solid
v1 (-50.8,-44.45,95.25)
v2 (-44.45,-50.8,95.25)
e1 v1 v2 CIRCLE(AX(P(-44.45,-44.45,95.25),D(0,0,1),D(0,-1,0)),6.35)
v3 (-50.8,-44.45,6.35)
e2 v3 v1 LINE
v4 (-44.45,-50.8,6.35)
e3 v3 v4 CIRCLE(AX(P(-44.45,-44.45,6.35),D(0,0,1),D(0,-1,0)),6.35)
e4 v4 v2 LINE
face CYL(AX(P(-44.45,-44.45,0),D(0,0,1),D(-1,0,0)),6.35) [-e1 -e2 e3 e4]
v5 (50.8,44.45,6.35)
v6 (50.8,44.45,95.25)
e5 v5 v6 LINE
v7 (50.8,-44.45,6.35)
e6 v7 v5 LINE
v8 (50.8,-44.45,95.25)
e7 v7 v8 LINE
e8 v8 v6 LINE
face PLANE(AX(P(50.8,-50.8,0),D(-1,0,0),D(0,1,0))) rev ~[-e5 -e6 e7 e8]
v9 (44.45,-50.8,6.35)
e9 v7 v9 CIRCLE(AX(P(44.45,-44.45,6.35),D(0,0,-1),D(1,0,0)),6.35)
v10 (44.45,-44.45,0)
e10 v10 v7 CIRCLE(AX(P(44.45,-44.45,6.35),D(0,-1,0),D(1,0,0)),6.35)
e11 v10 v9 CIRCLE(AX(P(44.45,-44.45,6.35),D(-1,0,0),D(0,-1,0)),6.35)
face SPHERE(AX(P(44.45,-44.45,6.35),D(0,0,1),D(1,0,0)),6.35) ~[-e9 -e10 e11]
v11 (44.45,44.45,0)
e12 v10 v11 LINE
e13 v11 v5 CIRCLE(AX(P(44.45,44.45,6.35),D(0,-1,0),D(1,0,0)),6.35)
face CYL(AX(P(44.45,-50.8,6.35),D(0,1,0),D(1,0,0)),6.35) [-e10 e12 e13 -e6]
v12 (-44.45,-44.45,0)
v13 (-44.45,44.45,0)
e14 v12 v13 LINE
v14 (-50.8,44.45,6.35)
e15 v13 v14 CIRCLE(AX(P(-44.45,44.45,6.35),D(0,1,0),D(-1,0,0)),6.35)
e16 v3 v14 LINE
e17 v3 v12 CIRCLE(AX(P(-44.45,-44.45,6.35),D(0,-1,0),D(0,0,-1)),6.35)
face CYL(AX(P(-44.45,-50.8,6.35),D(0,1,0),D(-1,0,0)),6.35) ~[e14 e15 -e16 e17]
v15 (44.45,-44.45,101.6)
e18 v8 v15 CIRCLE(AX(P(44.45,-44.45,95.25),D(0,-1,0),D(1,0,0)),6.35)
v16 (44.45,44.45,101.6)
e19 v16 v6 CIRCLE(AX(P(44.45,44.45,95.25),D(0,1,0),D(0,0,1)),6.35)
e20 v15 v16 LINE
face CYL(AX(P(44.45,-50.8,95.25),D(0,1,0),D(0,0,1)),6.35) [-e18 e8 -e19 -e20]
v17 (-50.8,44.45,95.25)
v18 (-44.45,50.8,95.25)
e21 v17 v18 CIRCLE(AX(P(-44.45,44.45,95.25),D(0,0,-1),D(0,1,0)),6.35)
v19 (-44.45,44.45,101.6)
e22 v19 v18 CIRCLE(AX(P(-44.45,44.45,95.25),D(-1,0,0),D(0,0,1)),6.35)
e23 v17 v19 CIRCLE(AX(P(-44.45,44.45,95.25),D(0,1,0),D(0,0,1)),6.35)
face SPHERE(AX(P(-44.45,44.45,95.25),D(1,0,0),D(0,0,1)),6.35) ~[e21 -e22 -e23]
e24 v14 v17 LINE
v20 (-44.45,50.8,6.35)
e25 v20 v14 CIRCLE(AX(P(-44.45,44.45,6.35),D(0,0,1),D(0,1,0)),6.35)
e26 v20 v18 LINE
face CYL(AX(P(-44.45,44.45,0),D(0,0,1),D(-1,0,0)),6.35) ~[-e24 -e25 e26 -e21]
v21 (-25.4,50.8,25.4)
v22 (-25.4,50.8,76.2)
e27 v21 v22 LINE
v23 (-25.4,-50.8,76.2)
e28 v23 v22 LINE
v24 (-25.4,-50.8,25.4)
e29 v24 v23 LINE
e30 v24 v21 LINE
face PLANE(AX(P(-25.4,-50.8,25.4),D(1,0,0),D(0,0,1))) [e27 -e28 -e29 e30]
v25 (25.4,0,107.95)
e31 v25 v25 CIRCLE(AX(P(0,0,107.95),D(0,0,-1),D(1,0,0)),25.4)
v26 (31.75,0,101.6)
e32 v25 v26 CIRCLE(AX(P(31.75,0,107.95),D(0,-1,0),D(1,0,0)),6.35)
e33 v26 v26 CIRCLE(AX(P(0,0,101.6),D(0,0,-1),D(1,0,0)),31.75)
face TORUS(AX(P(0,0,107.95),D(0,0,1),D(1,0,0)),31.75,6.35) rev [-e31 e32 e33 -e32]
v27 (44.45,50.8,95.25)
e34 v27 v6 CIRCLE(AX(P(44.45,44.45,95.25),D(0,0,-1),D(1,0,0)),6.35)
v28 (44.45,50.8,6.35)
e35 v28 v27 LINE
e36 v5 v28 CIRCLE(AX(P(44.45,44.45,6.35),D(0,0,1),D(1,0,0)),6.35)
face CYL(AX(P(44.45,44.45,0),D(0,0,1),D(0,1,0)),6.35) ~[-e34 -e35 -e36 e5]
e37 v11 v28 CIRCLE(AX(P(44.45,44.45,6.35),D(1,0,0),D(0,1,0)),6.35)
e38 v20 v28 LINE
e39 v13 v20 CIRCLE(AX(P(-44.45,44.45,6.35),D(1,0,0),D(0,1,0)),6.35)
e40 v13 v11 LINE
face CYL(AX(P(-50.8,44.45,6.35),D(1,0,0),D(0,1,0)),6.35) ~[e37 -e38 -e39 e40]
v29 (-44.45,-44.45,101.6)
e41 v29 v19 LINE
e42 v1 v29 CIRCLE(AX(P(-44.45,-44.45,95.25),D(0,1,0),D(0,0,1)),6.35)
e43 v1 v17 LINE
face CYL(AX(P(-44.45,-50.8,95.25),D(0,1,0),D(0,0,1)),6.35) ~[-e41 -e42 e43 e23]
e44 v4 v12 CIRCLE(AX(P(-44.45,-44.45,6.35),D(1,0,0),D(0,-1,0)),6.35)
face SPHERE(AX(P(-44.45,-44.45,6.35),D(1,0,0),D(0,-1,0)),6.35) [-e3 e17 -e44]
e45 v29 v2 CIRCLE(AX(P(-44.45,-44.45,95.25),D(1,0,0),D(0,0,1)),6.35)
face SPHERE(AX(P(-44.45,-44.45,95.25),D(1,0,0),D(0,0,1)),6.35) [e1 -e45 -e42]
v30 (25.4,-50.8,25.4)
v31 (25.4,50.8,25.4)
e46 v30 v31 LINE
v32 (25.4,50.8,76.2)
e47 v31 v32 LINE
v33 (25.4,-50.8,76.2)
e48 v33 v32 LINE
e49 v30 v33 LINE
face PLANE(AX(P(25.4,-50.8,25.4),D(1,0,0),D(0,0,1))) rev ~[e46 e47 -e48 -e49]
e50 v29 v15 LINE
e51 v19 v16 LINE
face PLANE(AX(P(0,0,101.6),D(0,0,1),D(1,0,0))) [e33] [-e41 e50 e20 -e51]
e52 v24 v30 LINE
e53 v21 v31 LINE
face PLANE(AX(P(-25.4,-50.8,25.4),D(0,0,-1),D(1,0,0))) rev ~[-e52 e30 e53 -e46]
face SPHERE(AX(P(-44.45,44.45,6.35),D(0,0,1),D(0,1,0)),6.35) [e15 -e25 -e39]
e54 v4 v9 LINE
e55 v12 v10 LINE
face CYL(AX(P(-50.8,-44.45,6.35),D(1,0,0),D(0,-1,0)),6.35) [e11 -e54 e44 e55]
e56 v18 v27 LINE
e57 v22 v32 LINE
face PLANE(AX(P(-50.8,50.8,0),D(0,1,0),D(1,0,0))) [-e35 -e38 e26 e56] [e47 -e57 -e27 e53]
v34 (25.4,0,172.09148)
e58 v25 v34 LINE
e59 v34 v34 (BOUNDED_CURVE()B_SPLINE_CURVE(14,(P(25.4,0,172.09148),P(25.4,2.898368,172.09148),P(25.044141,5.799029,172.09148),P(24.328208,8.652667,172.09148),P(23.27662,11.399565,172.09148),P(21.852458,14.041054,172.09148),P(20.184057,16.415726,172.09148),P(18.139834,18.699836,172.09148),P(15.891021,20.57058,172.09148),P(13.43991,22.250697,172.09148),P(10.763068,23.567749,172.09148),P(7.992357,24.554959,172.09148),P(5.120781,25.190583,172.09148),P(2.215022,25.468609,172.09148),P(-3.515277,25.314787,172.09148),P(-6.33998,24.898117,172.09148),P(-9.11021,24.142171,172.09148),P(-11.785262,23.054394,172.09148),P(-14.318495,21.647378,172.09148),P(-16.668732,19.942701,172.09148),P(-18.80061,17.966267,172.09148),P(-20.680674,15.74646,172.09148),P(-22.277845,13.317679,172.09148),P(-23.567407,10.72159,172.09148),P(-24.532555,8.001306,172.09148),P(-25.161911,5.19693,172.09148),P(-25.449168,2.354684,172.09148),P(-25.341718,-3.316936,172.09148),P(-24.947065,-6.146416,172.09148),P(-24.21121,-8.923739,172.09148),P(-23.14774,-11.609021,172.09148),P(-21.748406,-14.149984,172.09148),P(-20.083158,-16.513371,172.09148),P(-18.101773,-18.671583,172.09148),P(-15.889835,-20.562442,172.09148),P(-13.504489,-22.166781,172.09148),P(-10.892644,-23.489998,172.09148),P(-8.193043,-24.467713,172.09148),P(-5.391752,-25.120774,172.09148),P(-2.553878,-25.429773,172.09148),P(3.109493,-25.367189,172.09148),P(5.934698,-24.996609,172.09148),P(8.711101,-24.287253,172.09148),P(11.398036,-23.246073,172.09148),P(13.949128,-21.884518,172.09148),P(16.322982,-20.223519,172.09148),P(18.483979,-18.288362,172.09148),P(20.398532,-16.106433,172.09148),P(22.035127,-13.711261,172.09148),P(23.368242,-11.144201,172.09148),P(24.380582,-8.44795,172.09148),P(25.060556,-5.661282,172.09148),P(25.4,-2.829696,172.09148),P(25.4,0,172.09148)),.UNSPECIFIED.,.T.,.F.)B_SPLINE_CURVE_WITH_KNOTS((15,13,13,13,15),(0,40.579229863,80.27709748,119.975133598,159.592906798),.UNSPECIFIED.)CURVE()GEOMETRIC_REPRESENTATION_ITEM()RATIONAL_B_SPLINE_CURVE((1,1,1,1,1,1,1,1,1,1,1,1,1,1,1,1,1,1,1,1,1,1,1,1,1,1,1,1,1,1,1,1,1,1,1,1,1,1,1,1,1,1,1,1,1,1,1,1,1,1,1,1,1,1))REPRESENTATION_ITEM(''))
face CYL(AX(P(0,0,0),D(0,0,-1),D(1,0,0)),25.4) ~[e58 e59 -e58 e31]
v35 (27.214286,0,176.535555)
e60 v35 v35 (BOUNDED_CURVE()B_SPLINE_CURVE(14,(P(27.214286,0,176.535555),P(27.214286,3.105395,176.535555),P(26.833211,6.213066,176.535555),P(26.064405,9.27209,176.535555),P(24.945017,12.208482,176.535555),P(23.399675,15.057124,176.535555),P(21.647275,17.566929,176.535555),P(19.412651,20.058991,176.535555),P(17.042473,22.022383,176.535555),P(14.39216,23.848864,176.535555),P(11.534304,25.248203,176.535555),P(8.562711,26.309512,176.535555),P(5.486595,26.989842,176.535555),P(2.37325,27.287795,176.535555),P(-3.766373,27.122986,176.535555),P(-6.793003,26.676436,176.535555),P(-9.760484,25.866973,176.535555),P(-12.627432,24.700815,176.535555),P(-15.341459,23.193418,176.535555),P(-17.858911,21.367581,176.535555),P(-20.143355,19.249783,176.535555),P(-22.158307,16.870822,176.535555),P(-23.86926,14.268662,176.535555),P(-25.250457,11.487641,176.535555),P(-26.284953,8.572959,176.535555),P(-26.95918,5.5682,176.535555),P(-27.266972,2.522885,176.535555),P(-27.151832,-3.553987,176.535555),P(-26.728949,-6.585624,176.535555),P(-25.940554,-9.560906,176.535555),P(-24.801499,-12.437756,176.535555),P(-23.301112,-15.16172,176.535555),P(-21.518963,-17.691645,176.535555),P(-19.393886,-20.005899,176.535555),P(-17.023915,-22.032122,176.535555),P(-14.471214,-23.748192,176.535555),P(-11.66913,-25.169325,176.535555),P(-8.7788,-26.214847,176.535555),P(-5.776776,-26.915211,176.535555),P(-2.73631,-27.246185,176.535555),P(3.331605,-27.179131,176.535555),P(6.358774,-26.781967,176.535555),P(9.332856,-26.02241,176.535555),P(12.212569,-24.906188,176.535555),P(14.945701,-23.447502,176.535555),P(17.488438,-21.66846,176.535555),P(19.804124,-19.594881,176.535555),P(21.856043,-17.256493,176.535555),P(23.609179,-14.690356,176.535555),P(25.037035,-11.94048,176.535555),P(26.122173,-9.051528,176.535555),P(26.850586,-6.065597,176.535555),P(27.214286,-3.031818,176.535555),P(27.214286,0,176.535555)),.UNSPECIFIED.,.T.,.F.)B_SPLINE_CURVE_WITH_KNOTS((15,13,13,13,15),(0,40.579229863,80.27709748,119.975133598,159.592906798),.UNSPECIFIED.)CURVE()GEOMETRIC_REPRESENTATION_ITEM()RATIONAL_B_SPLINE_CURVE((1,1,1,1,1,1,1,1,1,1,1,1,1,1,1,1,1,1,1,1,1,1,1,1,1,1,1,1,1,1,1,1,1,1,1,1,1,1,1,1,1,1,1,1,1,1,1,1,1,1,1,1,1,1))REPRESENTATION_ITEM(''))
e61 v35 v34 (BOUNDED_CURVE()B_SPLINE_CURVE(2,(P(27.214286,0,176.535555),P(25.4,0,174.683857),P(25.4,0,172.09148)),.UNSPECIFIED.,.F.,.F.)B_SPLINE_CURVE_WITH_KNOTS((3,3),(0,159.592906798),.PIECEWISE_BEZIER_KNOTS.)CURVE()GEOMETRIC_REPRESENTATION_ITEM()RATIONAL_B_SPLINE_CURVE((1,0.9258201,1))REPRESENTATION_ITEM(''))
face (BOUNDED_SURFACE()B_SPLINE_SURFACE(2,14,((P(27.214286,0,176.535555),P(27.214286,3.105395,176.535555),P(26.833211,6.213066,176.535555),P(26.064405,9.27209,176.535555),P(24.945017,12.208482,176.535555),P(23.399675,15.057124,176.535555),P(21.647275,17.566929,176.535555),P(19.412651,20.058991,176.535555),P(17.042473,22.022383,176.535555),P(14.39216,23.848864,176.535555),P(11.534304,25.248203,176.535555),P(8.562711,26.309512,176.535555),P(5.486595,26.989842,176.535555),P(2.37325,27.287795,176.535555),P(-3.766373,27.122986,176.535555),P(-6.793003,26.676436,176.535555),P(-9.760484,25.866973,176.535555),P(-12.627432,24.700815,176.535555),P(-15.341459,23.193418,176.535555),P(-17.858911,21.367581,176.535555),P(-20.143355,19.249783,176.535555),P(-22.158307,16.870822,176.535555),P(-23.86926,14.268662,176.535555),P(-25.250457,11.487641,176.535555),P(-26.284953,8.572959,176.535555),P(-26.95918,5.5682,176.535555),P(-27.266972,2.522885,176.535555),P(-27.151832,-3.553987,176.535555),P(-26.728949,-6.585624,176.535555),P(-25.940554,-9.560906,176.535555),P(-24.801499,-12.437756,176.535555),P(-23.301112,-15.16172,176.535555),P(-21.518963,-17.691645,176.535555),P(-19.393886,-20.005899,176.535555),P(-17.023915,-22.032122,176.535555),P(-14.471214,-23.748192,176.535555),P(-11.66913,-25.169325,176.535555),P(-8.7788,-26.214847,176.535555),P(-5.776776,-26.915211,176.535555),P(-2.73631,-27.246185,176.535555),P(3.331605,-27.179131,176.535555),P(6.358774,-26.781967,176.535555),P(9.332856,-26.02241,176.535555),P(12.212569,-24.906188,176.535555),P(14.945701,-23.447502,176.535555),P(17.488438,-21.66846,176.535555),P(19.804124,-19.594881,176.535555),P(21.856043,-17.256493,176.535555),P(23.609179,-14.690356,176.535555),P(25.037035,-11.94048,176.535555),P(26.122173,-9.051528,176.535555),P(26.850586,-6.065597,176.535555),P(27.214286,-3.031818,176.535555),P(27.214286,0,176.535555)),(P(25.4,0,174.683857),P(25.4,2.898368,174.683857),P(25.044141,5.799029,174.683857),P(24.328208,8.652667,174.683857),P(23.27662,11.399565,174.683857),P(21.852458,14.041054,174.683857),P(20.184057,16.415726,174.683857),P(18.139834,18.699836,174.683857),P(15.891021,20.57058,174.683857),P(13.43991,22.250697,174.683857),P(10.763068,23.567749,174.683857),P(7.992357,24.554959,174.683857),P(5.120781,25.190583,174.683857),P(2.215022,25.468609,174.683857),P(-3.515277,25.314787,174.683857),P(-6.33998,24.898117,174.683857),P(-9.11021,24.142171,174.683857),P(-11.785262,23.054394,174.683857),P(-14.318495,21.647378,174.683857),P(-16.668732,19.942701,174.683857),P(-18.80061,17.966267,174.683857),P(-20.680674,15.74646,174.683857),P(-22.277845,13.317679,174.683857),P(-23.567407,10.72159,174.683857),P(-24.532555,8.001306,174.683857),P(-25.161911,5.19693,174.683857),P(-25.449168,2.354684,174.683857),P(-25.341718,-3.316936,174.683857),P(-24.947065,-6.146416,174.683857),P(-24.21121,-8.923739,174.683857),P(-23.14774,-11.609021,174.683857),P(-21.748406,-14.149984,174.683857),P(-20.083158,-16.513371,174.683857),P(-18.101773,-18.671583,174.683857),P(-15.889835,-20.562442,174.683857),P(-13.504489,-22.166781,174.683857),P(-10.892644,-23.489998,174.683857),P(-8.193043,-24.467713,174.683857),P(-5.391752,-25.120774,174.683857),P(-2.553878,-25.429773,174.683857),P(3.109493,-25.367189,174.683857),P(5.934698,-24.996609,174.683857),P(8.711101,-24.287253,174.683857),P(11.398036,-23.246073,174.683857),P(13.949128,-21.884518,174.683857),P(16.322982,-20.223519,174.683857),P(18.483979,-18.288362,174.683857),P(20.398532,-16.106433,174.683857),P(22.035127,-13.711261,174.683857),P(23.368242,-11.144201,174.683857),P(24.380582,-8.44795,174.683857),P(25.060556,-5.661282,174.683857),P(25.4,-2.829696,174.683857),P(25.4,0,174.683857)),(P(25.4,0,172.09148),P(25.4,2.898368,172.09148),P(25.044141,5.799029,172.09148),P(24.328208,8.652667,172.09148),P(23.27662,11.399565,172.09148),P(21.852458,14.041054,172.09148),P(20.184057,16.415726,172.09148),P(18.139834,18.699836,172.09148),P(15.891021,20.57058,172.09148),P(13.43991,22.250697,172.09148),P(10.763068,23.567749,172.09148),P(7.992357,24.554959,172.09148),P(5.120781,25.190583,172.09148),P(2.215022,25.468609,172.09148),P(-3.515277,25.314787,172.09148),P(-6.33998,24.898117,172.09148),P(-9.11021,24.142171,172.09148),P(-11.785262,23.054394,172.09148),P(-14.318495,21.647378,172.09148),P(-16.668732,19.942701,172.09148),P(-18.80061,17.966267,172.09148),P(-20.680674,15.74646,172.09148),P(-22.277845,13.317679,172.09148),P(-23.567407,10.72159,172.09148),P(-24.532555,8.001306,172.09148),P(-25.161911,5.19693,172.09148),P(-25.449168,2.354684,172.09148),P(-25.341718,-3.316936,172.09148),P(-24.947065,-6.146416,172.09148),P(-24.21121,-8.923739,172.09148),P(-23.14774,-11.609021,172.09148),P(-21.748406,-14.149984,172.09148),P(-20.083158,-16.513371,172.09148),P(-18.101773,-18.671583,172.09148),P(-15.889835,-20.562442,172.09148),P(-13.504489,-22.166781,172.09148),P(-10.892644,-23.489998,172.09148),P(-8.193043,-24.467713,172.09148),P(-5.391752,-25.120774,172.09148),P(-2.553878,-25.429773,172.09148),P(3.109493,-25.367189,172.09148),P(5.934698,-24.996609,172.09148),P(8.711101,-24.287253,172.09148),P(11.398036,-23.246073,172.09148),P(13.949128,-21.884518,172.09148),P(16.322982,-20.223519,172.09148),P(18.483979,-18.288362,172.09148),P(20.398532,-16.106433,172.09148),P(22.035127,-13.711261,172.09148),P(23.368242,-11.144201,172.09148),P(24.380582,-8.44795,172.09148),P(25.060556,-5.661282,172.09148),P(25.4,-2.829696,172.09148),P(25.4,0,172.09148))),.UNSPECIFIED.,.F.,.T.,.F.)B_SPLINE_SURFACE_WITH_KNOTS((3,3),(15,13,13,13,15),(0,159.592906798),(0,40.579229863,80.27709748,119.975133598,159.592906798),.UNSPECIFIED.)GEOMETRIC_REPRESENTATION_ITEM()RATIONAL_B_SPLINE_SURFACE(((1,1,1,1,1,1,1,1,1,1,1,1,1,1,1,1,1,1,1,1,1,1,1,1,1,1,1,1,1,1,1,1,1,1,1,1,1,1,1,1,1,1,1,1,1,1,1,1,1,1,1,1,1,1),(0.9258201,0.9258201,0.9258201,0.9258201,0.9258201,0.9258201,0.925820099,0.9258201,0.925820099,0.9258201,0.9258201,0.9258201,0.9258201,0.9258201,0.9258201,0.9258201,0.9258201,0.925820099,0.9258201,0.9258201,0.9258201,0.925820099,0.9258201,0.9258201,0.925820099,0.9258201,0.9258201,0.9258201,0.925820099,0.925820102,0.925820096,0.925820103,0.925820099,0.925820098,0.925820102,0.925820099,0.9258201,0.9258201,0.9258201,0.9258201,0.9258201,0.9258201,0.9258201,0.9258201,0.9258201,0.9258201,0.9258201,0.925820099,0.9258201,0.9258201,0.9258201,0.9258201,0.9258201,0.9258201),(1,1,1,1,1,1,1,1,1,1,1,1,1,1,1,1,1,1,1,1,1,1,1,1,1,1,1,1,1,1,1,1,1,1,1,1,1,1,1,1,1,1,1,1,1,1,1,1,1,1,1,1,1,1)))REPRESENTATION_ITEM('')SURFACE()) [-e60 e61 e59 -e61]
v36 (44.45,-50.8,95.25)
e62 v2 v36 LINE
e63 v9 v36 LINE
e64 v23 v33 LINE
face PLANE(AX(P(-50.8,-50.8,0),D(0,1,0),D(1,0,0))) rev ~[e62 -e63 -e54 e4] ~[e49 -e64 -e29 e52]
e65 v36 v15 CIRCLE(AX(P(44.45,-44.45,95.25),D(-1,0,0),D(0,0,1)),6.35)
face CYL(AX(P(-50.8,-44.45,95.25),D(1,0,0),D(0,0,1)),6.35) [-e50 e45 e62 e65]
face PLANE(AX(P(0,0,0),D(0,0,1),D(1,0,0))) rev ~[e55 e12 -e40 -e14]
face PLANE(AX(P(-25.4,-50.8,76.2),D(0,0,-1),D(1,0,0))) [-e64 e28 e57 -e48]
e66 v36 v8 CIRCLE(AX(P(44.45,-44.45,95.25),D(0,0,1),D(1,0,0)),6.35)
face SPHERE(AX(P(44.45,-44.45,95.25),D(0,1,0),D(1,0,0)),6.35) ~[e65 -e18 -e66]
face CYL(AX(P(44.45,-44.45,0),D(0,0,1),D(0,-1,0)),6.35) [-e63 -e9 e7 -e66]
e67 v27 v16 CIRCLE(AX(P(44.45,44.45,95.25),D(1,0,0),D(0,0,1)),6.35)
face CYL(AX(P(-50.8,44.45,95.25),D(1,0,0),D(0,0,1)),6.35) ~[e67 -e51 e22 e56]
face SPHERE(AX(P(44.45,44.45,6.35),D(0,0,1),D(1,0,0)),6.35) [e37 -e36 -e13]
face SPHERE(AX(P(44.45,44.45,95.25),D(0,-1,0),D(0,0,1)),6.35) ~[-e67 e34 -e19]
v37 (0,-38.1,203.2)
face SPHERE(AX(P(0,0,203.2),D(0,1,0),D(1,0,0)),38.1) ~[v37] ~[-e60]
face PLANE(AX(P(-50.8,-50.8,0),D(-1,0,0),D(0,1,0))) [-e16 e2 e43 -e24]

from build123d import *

# Parameters (mm, degrees)
F0_W     = 101.6
F0_H     = 101.6
F1_DEPTH = 101.6
F2_R     = 25.4
F3_DEPTH = 203.2
F6_W     = 50.8
F6_H     = 50.8
F7_DEPTH = 101.6
F8_R     = 6.35


with BuildPart() as f1:
    # F0 (on Top) → F1 (new body)
    with BuildSketch(Plane.XY):
        Rectangle(F0_W, F0_H)
    extrude(amount=F1_DEPTH)

    # F2 (on Top) → F3 (join)
    with BuildSketch(Plane.XY):
        Circle(F2_R)
    extrude(amount=F3_DEPTH)

    # F4 (on face) → F5 (revolve)
    with BuildSketch(Plane.XY.offset(203.2)):
        with BuildLine():
            Line((0, -25.4), (0, -38.1))
            ThreePointArc((0, -38.1), (38.1, 0), (0, 38.1))
            Line((0, 38.1), (0, 25.4))
            ThreePointArc((0, 25.4), (17.9605122421, 17.9605122421), (25.4, 0))
            ThreePointArc((25.4, 0), (17.9605122421, -17.9605122421), (0, -25.4))
        make_face()
        with BuildLine():
            Line((0, 25.4), (0, -25.4))
            ThreePointArc((0, -25.4), (17.9605122421, -17.9605122421), (25.4, 0))
            ThreePointArc((25.4, 0), (17.9605122421, 17.9605122421), (0, 25.4))
        make_face()
    revolve(axis=Axis((0, 0, 203.2), (0, -1, 0)))

    # F6 (on face) → F7 (cut)
    with BuildSketch(Plane.XZ.offset(50.8)):
        with Locations((0, 50.8)):
            Rectangle(F6_W, F6_H)
    extrude(amount=-F7_DEPTH, mode=Mode.SUBTRACT)

    # F8
    f8_edges = [f1.edges().sort_by_distance(p)[0] for p in [
        (-25.4, 0, 101.6),
        (50.8, 0, 101.6),
        (50.8, -50.8, 50.8),
        (0, -50.8, 101.6),
        (0, 50.8, 101.6),
        (-50.8, 0, 101.6),
        (-25.4, 0, 174.801937),
        (50.8, 50.8, 50.8),
        (50.8, 0, 0),
        (0, -50.8, 0),
        (-50.8, -50.8, 50.8),
        (-50.8, 50.8, 50.8),
        (0, 50.8, 0),
        (-50.8, 0, 0),
    ]]
    fillet(f8_edges, radius=F8_R)


solid = f1.part
